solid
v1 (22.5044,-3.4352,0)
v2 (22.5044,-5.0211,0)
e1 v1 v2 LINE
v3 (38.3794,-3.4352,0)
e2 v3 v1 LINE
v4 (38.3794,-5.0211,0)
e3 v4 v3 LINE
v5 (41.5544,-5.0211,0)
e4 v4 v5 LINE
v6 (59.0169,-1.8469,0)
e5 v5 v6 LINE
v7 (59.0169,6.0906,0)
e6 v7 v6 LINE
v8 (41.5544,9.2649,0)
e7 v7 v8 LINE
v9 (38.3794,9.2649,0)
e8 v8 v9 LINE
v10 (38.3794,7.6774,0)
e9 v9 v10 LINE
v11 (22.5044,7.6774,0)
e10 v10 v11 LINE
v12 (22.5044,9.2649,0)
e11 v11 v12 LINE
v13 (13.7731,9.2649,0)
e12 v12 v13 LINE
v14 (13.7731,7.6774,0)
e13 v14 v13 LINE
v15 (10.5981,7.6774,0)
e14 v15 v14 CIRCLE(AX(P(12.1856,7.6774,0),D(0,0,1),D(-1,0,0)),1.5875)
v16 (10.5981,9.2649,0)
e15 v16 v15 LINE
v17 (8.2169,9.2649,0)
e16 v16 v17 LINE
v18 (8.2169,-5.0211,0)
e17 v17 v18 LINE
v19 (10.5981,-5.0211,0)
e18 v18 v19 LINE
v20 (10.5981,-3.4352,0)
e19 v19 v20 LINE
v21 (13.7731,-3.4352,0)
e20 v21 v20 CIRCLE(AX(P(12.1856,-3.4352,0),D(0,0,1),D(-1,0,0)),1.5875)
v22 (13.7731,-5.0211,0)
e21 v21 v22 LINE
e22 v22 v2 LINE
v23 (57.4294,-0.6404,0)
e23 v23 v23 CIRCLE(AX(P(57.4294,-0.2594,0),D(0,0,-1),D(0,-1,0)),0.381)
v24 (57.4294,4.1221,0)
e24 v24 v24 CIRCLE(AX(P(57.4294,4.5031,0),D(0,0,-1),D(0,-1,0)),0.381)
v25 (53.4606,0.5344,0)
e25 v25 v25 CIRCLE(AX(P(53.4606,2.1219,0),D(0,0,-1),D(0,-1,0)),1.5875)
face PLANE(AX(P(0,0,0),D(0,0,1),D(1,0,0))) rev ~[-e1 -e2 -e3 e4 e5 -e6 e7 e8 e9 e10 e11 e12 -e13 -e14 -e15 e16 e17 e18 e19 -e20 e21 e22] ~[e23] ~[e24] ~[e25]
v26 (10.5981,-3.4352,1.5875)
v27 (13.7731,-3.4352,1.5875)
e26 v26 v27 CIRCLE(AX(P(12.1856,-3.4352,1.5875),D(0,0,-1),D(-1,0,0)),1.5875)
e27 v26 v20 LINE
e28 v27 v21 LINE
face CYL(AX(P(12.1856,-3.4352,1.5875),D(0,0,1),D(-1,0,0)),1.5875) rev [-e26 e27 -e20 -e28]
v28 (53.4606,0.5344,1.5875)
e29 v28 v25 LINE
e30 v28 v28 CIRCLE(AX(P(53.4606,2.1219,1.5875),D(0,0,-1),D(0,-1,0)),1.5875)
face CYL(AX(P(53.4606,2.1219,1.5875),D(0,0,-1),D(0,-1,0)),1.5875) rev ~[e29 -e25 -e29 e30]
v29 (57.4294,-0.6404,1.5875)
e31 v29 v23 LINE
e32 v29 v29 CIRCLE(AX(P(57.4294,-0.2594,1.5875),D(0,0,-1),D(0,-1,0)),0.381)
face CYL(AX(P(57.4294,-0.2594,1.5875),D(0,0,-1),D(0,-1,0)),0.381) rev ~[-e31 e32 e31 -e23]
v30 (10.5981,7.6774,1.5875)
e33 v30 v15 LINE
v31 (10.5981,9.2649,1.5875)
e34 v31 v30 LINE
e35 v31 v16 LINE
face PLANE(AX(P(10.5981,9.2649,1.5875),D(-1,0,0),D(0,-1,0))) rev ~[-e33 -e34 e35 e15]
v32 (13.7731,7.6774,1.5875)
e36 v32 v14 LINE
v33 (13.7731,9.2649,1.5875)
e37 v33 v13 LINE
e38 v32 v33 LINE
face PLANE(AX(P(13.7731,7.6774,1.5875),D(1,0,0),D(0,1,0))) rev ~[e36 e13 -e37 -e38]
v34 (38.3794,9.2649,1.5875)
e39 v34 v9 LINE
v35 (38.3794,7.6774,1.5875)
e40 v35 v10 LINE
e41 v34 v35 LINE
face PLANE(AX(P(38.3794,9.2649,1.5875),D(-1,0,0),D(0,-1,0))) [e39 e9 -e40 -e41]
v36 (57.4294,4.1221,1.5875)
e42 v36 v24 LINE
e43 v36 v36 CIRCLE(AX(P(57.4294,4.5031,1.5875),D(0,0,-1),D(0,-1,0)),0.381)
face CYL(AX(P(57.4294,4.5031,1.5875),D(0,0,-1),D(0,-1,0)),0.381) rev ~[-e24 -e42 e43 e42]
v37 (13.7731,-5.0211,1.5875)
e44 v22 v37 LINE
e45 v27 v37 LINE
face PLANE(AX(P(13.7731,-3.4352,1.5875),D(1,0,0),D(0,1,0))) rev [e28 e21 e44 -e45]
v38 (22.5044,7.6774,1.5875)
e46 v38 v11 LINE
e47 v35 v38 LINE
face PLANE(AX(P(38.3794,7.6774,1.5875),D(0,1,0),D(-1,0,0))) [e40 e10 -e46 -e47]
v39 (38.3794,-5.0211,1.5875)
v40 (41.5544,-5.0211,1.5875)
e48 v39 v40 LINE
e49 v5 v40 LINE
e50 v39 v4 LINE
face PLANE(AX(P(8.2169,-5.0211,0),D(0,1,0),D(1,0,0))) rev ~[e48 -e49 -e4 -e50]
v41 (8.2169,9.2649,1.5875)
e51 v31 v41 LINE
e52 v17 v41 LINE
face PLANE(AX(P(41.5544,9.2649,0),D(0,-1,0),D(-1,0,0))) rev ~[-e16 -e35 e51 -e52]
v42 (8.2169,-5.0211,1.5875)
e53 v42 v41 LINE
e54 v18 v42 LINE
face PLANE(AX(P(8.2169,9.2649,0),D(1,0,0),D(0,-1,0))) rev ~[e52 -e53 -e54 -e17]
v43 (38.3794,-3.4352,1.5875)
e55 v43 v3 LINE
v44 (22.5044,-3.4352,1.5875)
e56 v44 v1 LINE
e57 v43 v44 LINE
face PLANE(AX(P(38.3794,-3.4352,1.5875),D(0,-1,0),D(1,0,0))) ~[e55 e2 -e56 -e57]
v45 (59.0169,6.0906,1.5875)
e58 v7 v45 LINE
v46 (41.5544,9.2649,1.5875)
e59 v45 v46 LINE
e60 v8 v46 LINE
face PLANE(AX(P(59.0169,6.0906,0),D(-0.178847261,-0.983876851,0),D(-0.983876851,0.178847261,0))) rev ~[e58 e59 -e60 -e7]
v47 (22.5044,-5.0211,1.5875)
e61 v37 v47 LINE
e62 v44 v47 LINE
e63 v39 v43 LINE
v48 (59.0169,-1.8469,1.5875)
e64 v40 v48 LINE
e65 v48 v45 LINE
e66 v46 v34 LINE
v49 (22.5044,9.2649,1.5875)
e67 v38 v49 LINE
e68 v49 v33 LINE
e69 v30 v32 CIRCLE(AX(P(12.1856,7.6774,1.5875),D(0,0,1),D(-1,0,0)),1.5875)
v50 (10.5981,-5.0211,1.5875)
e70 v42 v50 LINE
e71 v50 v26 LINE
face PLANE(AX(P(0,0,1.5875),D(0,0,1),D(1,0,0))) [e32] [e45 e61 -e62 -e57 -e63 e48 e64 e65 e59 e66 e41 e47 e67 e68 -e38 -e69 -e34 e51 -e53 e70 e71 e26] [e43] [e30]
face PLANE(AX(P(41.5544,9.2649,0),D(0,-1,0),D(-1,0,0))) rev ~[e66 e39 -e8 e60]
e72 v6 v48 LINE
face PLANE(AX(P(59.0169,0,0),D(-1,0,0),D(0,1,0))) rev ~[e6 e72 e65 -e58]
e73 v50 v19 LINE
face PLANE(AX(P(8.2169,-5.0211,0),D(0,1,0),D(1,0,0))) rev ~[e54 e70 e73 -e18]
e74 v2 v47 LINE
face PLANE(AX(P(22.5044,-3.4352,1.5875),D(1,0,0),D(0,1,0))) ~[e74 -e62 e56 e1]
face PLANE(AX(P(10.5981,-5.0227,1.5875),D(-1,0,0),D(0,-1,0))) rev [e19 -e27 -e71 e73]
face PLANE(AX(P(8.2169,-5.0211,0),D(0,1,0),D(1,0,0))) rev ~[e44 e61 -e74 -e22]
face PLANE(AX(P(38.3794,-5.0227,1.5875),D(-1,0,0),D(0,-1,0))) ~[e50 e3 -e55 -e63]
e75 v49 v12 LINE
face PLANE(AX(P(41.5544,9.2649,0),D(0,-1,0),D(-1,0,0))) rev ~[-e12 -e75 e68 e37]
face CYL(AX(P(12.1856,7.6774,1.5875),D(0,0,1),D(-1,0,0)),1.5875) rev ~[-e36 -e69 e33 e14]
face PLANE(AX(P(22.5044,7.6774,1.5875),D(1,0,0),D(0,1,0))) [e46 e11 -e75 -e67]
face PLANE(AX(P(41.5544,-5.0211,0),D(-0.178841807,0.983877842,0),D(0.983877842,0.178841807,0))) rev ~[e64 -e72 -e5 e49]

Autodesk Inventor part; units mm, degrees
ref_plane "YZ Plane" through (0, 0, 0) normal (1, 0, 0) x (0, 1, 0)
ref_plane "XZ Plane" through (0, 0, 0) normal (0, 1, 0) x (-1, 0, 0)
ref_plane "XY Plane" through (0, 0, 0) normal (0, 0, 1) x (1, 0, 0)
sketch "Sketch1" plane through (0, 0, 0) normal (0, 0, 1) x (1, 0, 0)
  line L0 (8.2169, 9.2649) -> (8.2169, -5.0211)
  line L1 (8.2169, -5.0211) -> (41.5544, -5.0211)
  line L2 (41.5544, -5.0211) -> (59.0169, -1.8469)
  line L3 (59.0169, -1.8469) -> (59.0169, 6.0906)
  line L4 (59.0169, 6.0906) -> (41.5544, 9.2649)
  line L5 (41.5544, 9.2649) -> (8.2169, 9.2649)
  line L6 (59.0169, 2.1219) -> (8.2169, 2.1219) construction
  line L7 (3.1369, 0) -> (74.2569, 0) projected
  line L8 (0, 13.5507) -> (0, -6.4497) projected
  dimension "d1" = 33.3375
  dimension "d2" = 50.8
  dimension "d3" = 7.9375
  dimension "d92" = 7.143
  dimension "d93" = 2.1218
  dimension "d94" = 8.2169
extrude "Extrusion1" add sketch "Sketch1" along normal blind 1.5875
sketch "Sketch12" plane through (0, 0, 1.5875) normal (0, 0, 1) x (1, 0, 0)
  line L0 (8.2169, 9.2649) -> (41.5544, 9.2649) projected
  line L1 (8.2169, -5.0211) -> (8.2169, 9.2649) projected
  line L2 (22.5044, 9.2649) -> (38.3794, 9.2649)
  line L3 (38.3794, 9.2649) -> (38.3794, 7.6774)
  line L4 (38.3794, 7.6774) -> (22.5044, 7.6774)
  line L5 (22.5044, 7.6774) -> (22.5044, 9.2649)
  dimension "d63" = 15.875
  dimension "d64" = 1.5875
  dimension "d65" = 14.2875
extrude "Extrusion12" cut sketch "Sketch12" against normal through all
sketch "Sketch13" plane through (0, 0, 1.5875) normal (0, 0, 1) x (1, 0, 0)
  line L0 (8.2169, 9.2649) -> (22.5044, 9.2649) projected
  line L1 (38.3794, 7.6774) -> (22.5044, 7.6774) projected
  line L2 (10.5981, 9.2649) -> (10.5981, 7.6774)
  arc A0 (10.5981, 7.6774) -> (13.7731, 7.6774) centre (12.1856, 7.6774) ccw
  line L3 (13.7731, 7.6774) -> (13.7731, 9.2649)
  line L4 (22.5044, 7.6774) -> (22.5044, 9.2649) projected
  line L5 (8.2169, -5.0211) -> (8.2169, 9.2649) projected
  line L6 (41.5544, -5.0211) -> (8.2169, -5.0211) projected
  line L7 (59.0169, -1.8469) -> (41.5544, -5.0211) projected
  line L8 (59.0169, 6.0906) -> (59.0169, -1.8469) projected
  line L9 (41.5544, 9.2649) -> (59.0169, 6.0906) projected
  line L10 (38.3794, 9.2649) -> (41.5544, 9.2649) projected
  line L11 (38.3794, 9.2649) -> (38.3794, 7.6774) projected
  dimension "d68" = 1.5875
  dimension "d69" = 1.5875
  dimension "d70" = 3.9688
extrude "Extrusion13" cut sketch "Sketch13" against normal blind 25.4 contours L0 L3 A0 L2
ref_plane "Work Plane5" through (22.5044, 2.1211, 1.5875) normal (0, 1, 0) x (1, 0, 0)
mirror "Mirror2" about plane through (22.5044, 2.1211, 1.5875) normal (0, 1, 0) of "Extrusion12", "Extrusion13"
sketch "Sketch14" plane through (0, 0, 1.5875) normal (0, 0, 1) x (1, 0, 0)
  line L0 (3.1369, 2.1211) -> (74.2569, 2.1211) projected
  line L1 (13.7731, 9.2649) -> (22.5044, 9.2649) projected
  line L2 (8.2169, -5.0211) -> (8.2169, 9.2649) projected
  point P0 (53.4606, 2.1219)
  dimension "d95" = 45.2437
  dimension "d96" = 7.143
hole "Hole1" at (53.4606, 2.1219, 1.5875) direction (0, 0, -1) diameter 3.175 end through all
sketch "Sketch15" plane through (0, 0, 1.5875) normal (0, 0, 1) x (1, 0, 0)
  line L0 (10.5981, -5.0211) -> (10.5981, -3.4351) projected
  line L1 (59.0169, 6.0906) -> (57.4294, 4.5031)
  line L2 (57.4294, 4.5031) -> (57.4294, -0.2594)
  line L3 (57.4294, -0.2594) -> (59.0169, -1.8469)
  dimension "d82" = 4.7625
  dimension "d84" = 1.5875
hole "Hole2" at (57.4294, 4.5031, 1.5875) at (57.4294, -0.2594, 1.5875) direction (0, 0, -1) diameter 0.762 end through all
equation "\"d96\" = d92"
properties part number "pcb"
